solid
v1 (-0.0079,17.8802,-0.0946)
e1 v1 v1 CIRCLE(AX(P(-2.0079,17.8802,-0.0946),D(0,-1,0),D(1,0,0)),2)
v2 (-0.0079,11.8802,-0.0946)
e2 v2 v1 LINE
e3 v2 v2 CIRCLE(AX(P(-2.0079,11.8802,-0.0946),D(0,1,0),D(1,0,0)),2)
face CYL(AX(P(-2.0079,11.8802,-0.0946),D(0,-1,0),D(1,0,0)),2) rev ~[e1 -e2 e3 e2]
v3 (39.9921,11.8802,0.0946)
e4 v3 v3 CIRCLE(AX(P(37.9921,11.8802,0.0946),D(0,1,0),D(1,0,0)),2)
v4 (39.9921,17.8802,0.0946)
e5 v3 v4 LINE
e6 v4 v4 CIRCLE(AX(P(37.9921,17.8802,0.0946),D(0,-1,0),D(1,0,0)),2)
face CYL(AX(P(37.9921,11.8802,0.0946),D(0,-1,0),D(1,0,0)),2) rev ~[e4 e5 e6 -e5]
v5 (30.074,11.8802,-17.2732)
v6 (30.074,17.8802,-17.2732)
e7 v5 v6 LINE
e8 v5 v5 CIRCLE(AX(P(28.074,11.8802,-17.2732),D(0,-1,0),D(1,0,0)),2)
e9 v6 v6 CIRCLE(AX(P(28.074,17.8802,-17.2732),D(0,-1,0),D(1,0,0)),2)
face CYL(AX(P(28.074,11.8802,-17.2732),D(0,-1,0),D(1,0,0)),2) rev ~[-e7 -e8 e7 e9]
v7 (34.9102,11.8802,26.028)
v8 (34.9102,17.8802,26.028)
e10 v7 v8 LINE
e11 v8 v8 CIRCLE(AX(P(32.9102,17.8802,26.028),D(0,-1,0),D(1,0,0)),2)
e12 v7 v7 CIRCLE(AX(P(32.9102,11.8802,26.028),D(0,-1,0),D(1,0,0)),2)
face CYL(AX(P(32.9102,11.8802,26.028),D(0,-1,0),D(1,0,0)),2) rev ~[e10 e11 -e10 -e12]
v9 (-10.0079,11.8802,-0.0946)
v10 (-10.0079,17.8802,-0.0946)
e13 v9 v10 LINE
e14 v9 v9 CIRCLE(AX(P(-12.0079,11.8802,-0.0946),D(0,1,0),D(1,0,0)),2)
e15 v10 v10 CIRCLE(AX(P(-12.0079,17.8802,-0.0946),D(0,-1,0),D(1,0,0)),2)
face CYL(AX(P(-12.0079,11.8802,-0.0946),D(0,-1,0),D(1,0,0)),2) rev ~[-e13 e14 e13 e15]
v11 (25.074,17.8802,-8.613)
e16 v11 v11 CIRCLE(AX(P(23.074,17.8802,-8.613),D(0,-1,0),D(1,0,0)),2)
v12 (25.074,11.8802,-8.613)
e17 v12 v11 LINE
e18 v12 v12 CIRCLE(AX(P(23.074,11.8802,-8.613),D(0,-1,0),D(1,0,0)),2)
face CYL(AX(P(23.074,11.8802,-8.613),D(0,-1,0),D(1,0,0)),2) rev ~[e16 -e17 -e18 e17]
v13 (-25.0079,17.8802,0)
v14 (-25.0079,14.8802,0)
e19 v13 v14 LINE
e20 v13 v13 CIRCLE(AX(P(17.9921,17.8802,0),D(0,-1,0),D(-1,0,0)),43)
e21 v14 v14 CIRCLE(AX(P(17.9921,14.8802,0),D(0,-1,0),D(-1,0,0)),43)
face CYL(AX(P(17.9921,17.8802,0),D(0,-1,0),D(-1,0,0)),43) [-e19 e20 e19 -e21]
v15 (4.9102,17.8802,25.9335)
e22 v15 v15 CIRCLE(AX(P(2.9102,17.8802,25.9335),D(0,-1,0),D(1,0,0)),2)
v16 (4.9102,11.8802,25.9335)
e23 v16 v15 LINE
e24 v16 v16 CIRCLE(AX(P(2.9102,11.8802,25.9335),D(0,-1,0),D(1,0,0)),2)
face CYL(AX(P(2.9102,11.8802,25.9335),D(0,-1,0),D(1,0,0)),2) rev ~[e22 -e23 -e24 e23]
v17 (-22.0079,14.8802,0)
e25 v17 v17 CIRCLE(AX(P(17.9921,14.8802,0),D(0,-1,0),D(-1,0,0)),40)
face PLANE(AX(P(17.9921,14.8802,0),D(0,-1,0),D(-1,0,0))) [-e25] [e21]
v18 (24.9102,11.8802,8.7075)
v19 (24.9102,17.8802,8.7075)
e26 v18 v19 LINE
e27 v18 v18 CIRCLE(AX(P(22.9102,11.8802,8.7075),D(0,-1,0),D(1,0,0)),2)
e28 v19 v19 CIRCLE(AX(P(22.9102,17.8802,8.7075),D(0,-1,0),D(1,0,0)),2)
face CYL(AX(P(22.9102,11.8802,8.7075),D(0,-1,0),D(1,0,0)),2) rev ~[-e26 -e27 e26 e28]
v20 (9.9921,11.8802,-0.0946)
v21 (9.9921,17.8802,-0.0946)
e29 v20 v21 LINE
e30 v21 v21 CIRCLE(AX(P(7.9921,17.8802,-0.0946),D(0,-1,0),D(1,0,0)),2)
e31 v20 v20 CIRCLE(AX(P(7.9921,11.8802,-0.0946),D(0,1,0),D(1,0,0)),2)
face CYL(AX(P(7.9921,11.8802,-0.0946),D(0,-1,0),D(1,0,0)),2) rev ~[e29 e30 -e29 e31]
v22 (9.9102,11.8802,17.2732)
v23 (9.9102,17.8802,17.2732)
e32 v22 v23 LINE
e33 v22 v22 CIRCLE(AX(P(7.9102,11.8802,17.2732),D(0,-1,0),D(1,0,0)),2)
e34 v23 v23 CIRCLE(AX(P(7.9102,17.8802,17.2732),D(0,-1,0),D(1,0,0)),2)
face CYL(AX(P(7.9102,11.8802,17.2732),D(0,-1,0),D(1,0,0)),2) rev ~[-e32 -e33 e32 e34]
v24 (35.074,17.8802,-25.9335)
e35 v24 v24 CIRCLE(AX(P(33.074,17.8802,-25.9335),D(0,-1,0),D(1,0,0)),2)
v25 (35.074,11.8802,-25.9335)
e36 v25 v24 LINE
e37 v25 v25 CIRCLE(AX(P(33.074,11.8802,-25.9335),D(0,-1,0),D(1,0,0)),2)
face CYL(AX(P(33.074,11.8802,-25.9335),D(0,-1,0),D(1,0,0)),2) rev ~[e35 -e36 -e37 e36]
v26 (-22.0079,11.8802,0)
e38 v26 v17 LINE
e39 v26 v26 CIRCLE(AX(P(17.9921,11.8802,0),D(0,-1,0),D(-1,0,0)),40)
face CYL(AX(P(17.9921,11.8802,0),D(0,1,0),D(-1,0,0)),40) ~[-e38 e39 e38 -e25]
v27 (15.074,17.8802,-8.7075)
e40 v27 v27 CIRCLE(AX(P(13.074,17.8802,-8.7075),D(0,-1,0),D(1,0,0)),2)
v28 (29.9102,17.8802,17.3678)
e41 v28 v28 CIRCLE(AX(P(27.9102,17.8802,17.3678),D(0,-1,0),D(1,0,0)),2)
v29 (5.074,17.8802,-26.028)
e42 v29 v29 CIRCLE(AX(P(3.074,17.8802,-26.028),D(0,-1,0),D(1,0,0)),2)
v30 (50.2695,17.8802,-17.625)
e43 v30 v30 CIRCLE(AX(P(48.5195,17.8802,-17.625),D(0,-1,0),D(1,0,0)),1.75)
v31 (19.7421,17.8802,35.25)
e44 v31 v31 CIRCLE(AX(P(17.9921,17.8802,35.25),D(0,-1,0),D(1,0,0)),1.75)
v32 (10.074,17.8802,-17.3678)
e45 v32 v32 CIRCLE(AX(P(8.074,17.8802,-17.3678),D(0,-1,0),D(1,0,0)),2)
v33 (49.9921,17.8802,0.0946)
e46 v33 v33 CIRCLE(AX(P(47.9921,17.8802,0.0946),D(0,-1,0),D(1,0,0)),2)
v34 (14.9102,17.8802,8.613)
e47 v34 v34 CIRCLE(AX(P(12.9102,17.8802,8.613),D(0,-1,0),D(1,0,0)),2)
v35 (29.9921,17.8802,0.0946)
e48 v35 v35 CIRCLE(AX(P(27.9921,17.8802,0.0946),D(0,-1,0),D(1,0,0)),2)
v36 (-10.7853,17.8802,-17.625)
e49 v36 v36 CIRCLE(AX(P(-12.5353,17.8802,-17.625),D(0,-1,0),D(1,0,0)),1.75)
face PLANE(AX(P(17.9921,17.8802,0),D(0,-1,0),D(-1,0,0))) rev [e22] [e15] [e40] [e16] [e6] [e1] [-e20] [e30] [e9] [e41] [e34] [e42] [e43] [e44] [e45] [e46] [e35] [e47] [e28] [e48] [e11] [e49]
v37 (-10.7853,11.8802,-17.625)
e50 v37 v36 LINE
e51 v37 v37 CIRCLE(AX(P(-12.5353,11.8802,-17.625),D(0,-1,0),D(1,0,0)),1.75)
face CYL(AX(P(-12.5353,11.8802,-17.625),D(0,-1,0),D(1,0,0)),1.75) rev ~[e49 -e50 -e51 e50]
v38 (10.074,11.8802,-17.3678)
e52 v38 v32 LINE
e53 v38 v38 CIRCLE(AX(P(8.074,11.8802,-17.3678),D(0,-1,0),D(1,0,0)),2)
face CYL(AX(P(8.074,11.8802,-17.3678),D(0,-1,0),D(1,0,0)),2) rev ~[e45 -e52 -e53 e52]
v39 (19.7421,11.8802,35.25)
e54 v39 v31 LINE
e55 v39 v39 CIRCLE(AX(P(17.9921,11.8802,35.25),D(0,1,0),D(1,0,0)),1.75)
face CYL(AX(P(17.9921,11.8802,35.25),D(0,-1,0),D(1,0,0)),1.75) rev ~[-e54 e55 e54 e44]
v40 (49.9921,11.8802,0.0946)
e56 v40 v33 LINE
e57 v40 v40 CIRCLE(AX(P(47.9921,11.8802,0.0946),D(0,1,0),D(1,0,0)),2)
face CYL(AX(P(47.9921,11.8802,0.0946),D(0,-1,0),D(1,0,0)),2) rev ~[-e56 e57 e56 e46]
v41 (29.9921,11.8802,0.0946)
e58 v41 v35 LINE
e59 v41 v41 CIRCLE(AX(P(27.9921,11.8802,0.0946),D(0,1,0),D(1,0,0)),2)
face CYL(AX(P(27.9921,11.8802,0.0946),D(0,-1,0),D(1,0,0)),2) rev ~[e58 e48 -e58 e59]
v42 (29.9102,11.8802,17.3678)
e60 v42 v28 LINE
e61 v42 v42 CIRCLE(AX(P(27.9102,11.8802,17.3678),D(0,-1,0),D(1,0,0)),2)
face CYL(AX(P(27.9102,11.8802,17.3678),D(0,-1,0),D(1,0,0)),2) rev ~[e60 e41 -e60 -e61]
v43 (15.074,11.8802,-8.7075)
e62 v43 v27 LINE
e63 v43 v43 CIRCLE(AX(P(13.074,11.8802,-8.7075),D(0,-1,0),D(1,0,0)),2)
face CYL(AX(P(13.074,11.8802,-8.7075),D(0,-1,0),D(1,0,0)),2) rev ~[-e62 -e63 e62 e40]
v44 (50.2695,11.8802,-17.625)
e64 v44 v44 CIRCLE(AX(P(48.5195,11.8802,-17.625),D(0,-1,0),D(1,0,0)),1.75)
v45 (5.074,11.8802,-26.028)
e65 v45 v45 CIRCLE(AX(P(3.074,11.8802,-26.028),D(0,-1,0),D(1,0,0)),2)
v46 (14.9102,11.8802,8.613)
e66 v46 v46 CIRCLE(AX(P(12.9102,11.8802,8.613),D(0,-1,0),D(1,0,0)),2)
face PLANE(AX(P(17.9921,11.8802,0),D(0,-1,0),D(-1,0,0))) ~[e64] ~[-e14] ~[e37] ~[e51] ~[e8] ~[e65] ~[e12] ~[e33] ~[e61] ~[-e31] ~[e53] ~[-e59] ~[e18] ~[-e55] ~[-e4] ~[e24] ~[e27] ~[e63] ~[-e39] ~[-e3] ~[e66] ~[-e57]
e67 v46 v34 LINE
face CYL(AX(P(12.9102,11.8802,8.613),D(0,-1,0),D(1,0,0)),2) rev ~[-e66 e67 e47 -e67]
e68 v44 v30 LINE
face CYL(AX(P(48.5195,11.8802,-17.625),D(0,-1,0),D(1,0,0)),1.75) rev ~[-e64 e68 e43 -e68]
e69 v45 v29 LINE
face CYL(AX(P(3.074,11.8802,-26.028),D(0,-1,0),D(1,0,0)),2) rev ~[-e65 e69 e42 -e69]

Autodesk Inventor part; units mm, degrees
ref_plane "YZ Plane" through (0, 0, 0) normal (1, 0, 0) x (0, 1, 0)
ref_plane "XZ Plane" through (0, 0, 0) normal (0, 1, 0) x (-1, 0, 0)
ref_plane "XY Plane" through (0, 0, 0) normal (0, 0, 1) x (1, 0, 0)
sketch "Sketch1" plane through (0, 0, 0) normal (0, 0, 1) x (1, 0, 0)
  line L0 (17.9921, 17.8802) -> (17.9921, -20.5689)
  line L1 (-32.0079, 4.8802) -> (-32.0079, 14.8802) construction
  line L2 (-32.0079, 14.8802) -> (-22.0079, 14.8802) construction
  line L3 (-22.0079, 14.8802) -> (-22.0079, 4.8802) construction
  line L4 (-22.0079, 4.8802) -> (-32.0079, 4.8802) construction
  line L5 (-32.0079, 4.8802) -> (-32.0079, 14.8802) construction
  line L6 (17.9921, 14.8802) -> (-31.6168, 14.8802) construction
  line L7 (-31.6168, 4.8802) -> (18.3832, 4.8802) construction
  line L8 (-22.0079, 14.8802) -> (17.9921, 14.8802)
  line L9 (17.9921, 11.8802) -> (-22.0079, 11.8802)
  line L10 (-22.0079, 11.8802) -> (-22.0079, 14.8802)
  line L11 (17.9921, 14.8802) -> (17.9921, 11.8802)
  line L12 (-25.0079, 14.8802) -> (17.9921, 14.8802)
  line L13 (17.9921, 14.8802) -> (17.9921, 17.8802)
  line L14 (17.9921, 17.8802) -> (-25.0079, 17.8802)
  line L15 (-25.0079, 17.8802) -> (-25.0079, 14.8802)
  point P0 (0, 0)
  dimension "d2" = 10
  dimension "d13" = 10
  dimension "d52" = 3
  dimension "d53" = 0
  dimension "d55" = 80
  dimension "d56" = 40
  dimension "d57" = 3
  dimension "d58" = 3
revolve "Revolution1" add sketch "Sketch1" angle 360 about axis through (17.9921, 17.8802, 0) along (0, -1, 0)
sketch "Sketch3" plane through (17.9921, 11.8802, 0) normal (0, -1, 0) x (1, 0, 0)
  circle A0 centre (0, 0) radius 40 projected
  line L0 (0, 40) -> (0, -38.6275)
  line L1 (-39.9999, 0.0946) -> (39.9999, 0.0946)
  circle A1 centre (10, 0.0946) radius 2
  circle A2 centre (20, 0.0946) radius 2
  circle A3 centre (30, 0.0946) radius 2
  circle A4 centre (4.9181, 8.7075) radius 2
  circle A5 centre (9.9181, 17.3678) radius 2
  circle A6 centre (14.9181, 26.028) radius 2
  circle A7 centre (-5.0819, 8.613) radius 2
  circle A8 centre (-10.0819, 17.2732) radius 2
  circle A9 centre (-15.0819, 25.9335) radius 2
  circle A10 centre (-10, -0.0946) radius 2
  circle A11 centre (-20, -0.0946) radius 2
  circle A12 centre (-30, -0.0946) radius 2
  circle A13 centre (-4.9181, -8.7075) radius 2
  circle A14 centre (-9.9181, -17.3678) radius 2
  circle A15 centre (-14.9181, -26.028) radius 2
  circle A16 centre (5.0819, -8.613) radius 2
  circle A17 centre (10.0819, -17.2732) radius 2
  circle A18 centre (15.0819, -25.9335) radius 2
  circle A19 centre (0, 35.25) radius 1.75
  circle A20 centre (-30.5274, -17.625) radius 1.75
  circle A21 centre (30.5274, -17.625) radius 1.75
  circle A22 centre (0, 0) radius 37 construction
  point P0 (-17.9921, 0)
  dimension "d59" = 4
  dimension "d60" = 10
  dimension "d66" = 10
  dimension "d70" = 360
  dimension "d72" = 3.5
  dimension "d75" = 360
  dimension "d80" = 3
extrude "Extrusion2" cut sketch "Sketch3" against normal through all contours A3 L1 | L1 A3 | A12 L1 | L1 A12 | A19 L0 | L0 A19 | A2 L1 | L1 A2 | A11 L1 | L1 A11 | A10 L1 | L1 A10 | A1 L1 | L1 A1 | A4 | A5 | A6 | A7 | A8 | A9 | A13 | A14 | A15 | A16 | A17 | A18 | A20 | A21
properties part number "bearing-base-uppercase"
